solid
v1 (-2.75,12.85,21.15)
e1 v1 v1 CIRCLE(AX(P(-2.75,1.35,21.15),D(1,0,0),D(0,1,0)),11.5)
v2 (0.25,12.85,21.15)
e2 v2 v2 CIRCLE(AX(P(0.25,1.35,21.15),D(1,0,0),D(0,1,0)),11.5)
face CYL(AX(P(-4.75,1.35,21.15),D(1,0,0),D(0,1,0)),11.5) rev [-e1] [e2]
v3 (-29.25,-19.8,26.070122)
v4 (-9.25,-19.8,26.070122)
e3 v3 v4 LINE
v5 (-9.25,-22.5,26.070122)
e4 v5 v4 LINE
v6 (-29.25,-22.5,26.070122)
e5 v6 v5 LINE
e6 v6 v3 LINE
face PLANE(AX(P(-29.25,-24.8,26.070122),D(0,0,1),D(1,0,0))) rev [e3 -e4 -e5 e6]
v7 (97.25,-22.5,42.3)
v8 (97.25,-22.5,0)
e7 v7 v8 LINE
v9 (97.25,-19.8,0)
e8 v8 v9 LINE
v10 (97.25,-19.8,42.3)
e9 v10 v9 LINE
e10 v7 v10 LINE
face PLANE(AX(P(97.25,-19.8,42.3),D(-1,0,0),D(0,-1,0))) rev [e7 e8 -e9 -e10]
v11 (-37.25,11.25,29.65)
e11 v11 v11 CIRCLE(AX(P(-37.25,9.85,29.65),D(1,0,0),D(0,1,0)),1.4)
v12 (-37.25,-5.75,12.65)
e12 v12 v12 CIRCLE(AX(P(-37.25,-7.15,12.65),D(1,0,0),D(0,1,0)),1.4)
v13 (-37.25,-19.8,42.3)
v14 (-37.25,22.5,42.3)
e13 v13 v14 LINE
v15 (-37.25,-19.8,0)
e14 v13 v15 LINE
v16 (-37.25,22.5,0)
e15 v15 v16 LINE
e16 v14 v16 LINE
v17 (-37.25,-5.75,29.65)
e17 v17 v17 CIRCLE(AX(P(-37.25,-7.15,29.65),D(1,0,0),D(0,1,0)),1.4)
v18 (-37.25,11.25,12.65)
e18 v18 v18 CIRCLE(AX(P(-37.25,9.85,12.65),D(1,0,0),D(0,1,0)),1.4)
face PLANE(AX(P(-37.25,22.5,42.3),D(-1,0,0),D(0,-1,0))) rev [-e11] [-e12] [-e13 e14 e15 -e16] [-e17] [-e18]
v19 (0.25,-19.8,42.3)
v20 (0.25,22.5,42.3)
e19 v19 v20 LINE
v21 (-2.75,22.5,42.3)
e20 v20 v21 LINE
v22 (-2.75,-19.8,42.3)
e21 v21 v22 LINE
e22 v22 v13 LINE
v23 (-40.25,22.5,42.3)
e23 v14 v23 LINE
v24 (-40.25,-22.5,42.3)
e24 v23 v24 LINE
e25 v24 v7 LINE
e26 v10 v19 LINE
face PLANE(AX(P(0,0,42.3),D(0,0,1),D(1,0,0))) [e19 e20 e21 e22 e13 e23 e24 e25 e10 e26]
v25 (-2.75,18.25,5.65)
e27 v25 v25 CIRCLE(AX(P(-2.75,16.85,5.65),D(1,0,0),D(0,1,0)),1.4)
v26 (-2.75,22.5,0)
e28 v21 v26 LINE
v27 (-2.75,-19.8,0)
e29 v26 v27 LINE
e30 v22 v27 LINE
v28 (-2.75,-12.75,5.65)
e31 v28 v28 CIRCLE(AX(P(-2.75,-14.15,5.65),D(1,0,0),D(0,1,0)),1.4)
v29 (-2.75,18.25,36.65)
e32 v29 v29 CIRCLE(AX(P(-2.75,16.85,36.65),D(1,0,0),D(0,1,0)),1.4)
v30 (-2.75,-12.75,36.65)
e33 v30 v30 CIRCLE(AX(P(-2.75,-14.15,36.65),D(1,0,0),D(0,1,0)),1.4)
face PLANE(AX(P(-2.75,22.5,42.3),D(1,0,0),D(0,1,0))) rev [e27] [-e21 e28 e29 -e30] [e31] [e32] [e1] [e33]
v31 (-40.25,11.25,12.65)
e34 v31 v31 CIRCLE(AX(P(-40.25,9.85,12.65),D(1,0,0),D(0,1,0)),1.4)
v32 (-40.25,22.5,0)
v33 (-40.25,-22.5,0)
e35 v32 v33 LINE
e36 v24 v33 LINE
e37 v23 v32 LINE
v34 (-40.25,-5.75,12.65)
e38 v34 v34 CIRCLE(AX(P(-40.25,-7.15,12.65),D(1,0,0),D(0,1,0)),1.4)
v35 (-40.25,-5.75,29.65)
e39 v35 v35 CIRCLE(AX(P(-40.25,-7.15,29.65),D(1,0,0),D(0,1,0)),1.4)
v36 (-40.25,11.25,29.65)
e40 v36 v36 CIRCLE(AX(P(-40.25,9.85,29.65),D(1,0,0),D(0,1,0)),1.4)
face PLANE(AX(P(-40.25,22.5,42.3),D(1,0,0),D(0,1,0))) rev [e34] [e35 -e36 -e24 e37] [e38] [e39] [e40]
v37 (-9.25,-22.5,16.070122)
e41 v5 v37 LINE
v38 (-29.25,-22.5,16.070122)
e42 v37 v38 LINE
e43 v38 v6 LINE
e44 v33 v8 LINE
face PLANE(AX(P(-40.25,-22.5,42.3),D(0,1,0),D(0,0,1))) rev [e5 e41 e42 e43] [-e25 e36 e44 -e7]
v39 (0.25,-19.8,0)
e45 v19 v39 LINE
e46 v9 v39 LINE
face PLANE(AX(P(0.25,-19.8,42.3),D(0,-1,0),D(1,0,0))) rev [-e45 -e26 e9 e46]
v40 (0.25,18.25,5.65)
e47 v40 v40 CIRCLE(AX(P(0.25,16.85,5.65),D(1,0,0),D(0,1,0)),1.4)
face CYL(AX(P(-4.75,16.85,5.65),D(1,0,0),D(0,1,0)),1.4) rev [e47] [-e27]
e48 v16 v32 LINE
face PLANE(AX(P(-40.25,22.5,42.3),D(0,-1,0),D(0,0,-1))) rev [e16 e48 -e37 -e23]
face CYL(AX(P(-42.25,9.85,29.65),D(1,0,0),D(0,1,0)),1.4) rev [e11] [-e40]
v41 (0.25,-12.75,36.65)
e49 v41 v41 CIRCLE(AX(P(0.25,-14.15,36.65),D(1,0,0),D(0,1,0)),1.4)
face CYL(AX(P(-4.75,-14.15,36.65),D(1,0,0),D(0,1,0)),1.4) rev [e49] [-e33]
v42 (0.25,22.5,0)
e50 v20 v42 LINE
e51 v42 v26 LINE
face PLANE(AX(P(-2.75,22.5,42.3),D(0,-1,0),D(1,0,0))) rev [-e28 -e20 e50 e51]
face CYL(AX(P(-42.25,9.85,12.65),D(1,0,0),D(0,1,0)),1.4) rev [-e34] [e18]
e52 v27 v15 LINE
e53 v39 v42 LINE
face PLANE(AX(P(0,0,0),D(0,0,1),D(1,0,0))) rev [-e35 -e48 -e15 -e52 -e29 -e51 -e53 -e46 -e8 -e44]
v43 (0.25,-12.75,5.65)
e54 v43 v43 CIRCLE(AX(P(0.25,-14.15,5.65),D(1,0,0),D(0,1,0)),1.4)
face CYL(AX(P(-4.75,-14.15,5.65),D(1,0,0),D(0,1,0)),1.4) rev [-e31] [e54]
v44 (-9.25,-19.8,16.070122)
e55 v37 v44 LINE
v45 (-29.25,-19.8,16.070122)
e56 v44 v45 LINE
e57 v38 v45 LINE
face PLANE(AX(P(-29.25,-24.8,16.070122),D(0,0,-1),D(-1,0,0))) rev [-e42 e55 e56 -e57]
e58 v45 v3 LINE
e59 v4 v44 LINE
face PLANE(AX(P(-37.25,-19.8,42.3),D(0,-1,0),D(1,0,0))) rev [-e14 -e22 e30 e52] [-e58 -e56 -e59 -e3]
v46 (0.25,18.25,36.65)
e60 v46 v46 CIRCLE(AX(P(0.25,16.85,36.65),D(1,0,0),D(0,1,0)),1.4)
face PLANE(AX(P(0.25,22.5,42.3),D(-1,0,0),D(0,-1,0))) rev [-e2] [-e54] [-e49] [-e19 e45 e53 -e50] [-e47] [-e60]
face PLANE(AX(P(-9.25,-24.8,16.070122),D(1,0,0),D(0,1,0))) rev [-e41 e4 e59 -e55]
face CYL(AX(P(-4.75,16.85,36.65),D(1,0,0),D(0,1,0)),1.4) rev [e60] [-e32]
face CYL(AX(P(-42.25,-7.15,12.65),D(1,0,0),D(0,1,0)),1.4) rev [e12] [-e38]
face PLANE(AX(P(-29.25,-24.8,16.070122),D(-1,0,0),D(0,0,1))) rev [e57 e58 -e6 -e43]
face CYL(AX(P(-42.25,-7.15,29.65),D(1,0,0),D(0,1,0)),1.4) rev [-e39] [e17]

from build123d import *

# Parameters (mm, degrees)
BOSS_EXTRUDE1_DEPTH = 42.3
SKETCH3_R           = 11.5
SKETCH3_R_2         = 1.4
CUT_EXTRUDE1_DEPTH  = 5
SKETCH4_R           = 1.4
CUT_EXTRUDE2_DEPTH  = 5
SKETCH5_W           = 20
SKETCH5_H           = 10
CUT_EXTRUDE3_DEPTH  = 5


with BuildPart() as part:
    # Sketch2 → Boss-Extrude1 (new body)
    with BuildSketch(Plane.XY):
        Polygon((-2.75, 22.5), (-2.75, -19.8), (-37.25, -19.8), (-37.25, 22.5), (-40.25, 22.5), (-40.25, -22.5), (97.25, -22.5), (97.25, -19.8), (0.25, -19.8), (0.25, 22.5), align=None)
    extrude(amount=BOSS_EXTRUDE1_DEPTH)

    # Sketch3 → Cut-Extrude1 (cut)
    with BuildSketch(Plane(origin=(0.25, 0, 0), x_dir=(0, 0, -1), z_dir=(1, 0, 0))):
        with Locations((-21.15, 1.35)):
            Circle(SKETCH3_R)
        with Locations((-36.65, 16.85)):
            Circle(SKETCH3_R_2)
        with Locations((-5.65, 16.85)):
            Circle(SKETCH3_R_2)
        with Locations((-5.65, -14.15)):
            Circle(SKETCH3_R_2)
        with Locations((-36.65, -14.15)):
            Circle(SKETCH3_R_2)
    extrude(amount=-CUT_EXTRUDE1_DEPTH, mode=Mode.SUBTRACT)

    # Sketch4 → Cut-Extrude2 (cut)
    with BuildSketch(Plane(origin=(-37.25, 0, 0), x_dir=(0, 0, -1), z_dir=(1, 0, 0))):
        with Locations((-29.65, 9.85)):
            Circle(SKETCH4_R)
        with Locations((-12.65, 9.85)):
            Circle(SKETCH4_R)
        with Locations((-12.65, -7.15)):
            Circle(SKETCH4_R)
        with Locations((-29.65, -7.15)):
            Circle(SKETCH4_R)
    extrude(amount=-CUT_EXTRUDE2_DEPTH, mode=Mode.SUBTRACT)

    # Sketch5 → Cut-Extrude3 (cut)
    with BuildSketch(Plane(origin=(0, -19.8, 0), x_dir=(1, 0, 0), z_dir=(0, 1, 0))):
        with Locations((-19.25, -21.070122094)):
            Rectangle(SKETCH5_W, SKETCH5_H)
    extrude(amount=-CUT_EXTRUDE3_DEPTH, mode=Mode.SUBTRACT)


solid = part.part
